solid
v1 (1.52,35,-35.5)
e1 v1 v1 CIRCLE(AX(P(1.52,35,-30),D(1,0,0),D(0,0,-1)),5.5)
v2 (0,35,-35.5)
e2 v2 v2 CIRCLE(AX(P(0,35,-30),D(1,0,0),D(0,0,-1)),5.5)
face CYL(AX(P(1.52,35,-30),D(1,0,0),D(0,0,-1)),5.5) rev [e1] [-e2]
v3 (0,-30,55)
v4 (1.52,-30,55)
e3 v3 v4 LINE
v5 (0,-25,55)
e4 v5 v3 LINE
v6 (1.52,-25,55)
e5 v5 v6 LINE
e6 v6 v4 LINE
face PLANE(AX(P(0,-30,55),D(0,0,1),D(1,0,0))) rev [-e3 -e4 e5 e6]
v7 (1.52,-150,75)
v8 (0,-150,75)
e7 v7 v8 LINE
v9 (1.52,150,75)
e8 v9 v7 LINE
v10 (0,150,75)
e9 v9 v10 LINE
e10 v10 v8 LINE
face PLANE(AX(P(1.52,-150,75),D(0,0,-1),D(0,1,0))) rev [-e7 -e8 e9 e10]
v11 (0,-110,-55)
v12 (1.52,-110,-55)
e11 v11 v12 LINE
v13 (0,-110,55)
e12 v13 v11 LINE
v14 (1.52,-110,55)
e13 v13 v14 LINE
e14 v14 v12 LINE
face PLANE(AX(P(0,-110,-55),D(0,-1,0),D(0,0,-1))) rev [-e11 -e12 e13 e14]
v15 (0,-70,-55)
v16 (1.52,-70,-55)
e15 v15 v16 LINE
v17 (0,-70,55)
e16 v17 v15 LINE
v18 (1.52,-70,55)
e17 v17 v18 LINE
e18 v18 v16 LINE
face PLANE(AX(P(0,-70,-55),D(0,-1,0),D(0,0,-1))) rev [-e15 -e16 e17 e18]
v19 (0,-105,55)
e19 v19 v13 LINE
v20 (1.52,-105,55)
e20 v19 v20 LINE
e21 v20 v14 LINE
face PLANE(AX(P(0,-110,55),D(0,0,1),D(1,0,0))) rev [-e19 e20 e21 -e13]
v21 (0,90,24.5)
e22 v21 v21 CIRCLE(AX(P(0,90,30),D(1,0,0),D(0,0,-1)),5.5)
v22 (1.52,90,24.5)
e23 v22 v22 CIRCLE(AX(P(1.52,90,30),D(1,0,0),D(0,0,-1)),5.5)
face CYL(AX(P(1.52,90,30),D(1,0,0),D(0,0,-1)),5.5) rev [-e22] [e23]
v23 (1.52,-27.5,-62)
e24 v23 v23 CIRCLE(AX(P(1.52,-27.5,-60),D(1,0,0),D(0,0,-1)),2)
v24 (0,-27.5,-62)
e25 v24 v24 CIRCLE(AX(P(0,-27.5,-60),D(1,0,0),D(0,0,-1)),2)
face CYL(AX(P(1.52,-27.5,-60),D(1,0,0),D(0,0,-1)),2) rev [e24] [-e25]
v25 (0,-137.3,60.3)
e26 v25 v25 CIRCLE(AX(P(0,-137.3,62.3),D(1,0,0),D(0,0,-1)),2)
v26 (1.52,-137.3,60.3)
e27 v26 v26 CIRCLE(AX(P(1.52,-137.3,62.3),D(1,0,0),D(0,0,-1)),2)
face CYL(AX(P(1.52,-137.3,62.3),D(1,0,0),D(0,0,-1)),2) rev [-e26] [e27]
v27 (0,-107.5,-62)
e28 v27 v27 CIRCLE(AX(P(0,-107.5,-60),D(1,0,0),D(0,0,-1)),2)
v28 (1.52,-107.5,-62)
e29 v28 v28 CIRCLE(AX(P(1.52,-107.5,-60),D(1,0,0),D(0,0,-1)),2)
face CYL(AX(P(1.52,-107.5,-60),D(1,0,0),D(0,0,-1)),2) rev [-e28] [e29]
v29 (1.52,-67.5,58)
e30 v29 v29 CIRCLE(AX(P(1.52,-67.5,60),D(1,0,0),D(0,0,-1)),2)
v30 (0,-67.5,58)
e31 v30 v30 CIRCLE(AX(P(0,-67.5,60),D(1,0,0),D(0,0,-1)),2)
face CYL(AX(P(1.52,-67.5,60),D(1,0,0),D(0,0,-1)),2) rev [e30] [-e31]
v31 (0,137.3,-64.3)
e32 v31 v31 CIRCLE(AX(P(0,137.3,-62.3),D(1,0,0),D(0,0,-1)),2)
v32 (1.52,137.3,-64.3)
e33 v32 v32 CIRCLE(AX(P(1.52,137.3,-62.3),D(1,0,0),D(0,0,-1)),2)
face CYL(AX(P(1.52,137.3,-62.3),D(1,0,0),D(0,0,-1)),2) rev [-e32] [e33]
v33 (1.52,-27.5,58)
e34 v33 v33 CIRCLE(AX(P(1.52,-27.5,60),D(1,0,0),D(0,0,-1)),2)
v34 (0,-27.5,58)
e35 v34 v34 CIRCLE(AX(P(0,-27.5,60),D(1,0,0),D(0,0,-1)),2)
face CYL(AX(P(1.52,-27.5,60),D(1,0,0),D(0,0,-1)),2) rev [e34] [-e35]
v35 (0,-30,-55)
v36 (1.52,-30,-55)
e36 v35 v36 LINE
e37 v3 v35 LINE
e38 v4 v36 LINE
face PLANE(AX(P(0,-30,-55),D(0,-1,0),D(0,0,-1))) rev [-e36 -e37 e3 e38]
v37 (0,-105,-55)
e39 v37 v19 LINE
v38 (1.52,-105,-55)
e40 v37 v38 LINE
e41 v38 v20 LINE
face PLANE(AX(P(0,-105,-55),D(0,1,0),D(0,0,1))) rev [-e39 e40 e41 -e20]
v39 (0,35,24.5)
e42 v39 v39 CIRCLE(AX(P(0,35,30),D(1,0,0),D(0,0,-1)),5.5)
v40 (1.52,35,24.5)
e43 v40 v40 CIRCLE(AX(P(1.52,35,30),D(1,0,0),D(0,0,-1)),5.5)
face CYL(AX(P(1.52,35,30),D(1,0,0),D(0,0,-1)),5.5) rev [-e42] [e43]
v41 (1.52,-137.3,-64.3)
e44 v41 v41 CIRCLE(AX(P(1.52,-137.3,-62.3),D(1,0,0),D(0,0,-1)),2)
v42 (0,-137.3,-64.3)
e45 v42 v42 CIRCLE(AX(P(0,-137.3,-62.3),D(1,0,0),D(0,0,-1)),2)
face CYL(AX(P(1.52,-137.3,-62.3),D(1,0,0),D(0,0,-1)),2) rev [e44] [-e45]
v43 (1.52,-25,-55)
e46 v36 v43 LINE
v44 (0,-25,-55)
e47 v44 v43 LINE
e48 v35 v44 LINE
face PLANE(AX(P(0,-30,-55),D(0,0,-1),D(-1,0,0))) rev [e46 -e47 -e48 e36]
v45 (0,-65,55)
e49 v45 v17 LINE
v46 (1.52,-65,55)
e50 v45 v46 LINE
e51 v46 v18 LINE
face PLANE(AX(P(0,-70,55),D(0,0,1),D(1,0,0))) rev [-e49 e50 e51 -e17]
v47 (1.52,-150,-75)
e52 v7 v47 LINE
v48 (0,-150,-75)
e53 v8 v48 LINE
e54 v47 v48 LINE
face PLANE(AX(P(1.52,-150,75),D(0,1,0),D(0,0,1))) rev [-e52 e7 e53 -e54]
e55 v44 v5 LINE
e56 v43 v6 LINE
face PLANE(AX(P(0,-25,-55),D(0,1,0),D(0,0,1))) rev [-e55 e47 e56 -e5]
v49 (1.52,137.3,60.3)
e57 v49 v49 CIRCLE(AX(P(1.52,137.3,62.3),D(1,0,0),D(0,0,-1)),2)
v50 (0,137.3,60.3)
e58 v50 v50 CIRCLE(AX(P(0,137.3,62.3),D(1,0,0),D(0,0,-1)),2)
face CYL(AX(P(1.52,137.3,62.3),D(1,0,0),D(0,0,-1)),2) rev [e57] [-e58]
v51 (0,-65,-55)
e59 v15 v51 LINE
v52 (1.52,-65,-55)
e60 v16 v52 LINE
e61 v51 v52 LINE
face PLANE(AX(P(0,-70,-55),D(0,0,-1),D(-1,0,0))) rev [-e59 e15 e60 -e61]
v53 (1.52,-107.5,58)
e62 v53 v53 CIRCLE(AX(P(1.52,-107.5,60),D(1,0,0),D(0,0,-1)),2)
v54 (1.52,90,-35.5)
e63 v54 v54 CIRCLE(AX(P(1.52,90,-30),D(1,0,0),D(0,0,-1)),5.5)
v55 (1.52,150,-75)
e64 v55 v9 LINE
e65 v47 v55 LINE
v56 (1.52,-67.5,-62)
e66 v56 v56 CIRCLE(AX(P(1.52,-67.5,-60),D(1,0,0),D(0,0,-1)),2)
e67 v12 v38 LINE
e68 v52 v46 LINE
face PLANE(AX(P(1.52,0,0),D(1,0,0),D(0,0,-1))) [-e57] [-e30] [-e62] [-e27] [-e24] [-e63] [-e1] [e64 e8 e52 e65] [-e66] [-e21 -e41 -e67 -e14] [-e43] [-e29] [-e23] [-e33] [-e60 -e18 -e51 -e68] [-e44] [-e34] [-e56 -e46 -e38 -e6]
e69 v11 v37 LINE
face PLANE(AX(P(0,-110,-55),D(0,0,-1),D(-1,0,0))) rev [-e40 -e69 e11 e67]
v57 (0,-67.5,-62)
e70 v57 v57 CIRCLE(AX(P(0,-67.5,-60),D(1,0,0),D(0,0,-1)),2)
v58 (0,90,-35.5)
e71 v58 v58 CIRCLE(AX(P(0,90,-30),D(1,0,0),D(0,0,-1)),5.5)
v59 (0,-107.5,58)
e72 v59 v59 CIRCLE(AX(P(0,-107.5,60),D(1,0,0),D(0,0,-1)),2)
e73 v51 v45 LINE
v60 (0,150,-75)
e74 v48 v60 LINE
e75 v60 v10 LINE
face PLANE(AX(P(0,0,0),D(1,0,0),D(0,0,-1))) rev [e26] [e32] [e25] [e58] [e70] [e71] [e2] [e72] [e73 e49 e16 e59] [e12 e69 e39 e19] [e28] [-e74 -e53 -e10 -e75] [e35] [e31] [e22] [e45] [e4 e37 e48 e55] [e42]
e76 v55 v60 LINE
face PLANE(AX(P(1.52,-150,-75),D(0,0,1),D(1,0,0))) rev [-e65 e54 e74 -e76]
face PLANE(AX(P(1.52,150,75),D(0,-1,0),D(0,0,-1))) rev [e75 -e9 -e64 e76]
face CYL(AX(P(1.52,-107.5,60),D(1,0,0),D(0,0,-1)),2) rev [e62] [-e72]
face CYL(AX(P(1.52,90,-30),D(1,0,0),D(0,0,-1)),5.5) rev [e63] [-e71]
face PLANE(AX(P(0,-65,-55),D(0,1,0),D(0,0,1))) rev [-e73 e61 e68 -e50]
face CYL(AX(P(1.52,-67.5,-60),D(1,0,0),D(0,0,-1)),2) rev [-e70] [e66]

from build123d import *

# Parameters (mm, degrees)
SKETCH1_W                            = 300
SKETCH1_H                            = 150
BOSS_EXTRUDE1_DEPTH                  = 1.52
F_4_0_4_DIAMETER_HOLE1_D             = 4
MIRROR2_AT_THE_SECOND_PLANE_COPY_1_D = 4
SKETCH14_W                           = 5
SKETCH14_H                           = 110
CUT_EXTRUDE2_DEPTH                   = 168.711986453
F_4_0_4_DIAMETER_HOLE2_D             = 4
SKETCH22_W                           = 5
SKETCH22_H                           = 110
CUT_EXTRUDE3_DEPTH                   = 168.711986453
SKETCH23_W                           = 5
SKETCH23_H                           = 110
CUT_EXTRUDE4_DEPTH                   = 168.711986453
F_4_0_4_DIAMETER_HOLE3_D             = 4
F_4_0_4_DIAMETER_HOLE4_D             = 4
F_11_0_11_DIAMETER_HOLE1_D           = 11


with BuildPart() as part:
    # Sketch1 → Boss-Extrude1 (new body)
    with BuildSketch(Plane.YZ):
        Rectangle(SKETCH1_W, SKETCH1_H)
    extrude(amount=BOSS_EXTRUDE1_DEPTH)

    # Ø4.0 (4) Diameter Hole1 (through all)
    with Locations(Plane.YZ.offset(1.52)):
        with Locations((-137.3, 62.3)):
            f_4_0_4_diameter_hole1 = Hole(F_4_0_4_DIAMETER_HOLE1_D / 2)

    # Mirror2: Ø4.0 (4) Diameter Hole1 across plane
    add(f_4_0_4_diameter_hole1.mirror(Plane.ZX), mode=Mode.SUBTRACT)

    # Mirror2 at the second plane: Ø4.0 (4) Diameter Hole1 across plane
    add(f_4_0_4_diameter_hole1.mirror(Plane.XY), mode=Mode.SUBTRACT)

    # Mirror2 at the second plane copy 1 (through all)
    with Locations(Plane(origin=(1.52, 0, 0), x_dir=(0, -1, 0), z_dir=(1, 0, 0))):
        with Locations((-137.3, 62.3)):
            Hole(MIRROR2_AT_THE_SECOND_PLANE_COPY_1_D / 2)

    # Sketch14 → Cut-Extrude2 (cut, through all)
    with BuildSketch(Plane.YZ.offset(1.52)):
        with Locations((-107.5, 0)):
            Rectangle(SKETCH14_W, SKETCH14_H)
    extrude(amount=-CUT_EXTRUDE2_DEPTH, mode=Mode.SUBTRACT)

    # Ø4.0 (4) Diameter Hole2 (through all)
    with Locations(Plane.YZ.offset(1.52)):
        with Locations((-107.5, 60)):
            f_4_0_4_diameter_hole2 = Hole(F_4_0_4_DIAMETER_HOLE2_D / 2)

    # Mirror4: Ø4.0 (4) Diameter Hole2 across plane
    add(f_4_0_4_diameter_hole2.mirror(Plane.XY), mode=Mode.SUBTRACT)

    # Sketch22 → Cut-Extrude3 (cut, through all)
    with BuildSketch(Plane.YZ.offset(1.52)):
        with Locations((-67.5, 0)):
            Rectangle(SKETCH22_W, SKETCH22_H)
    extrude(amount=-CUT_EXTRUDE3_DEPTH, mode=Mode.SUBTRACT)

    # Sketch23 → Cut-Extrude4 (cut, through all)
    with BuildSketch(Plane.YZ.offset(1.52)):
        with Locations((-27.5, 0)):
            Rectangle(SKETCH23_W, SKETCH23_H)
    extrude(amount=-CUT_EXTRUDE4_DEPTH, mode=Mode.SUBTRACT)

    # Ø4.0 (4) Diameter Hole3 (through all)
    with Locations(Plane.YZ.offset(1.52)):
        with Locations((-67.5, 60)):
            f_4_0_4_diameter_hole3 = Hole(F_4_0_4_DIAMETER_HOLE3_D / 2)

    # Mirror5: Ø4.0 (4) Diameter Hole3 across plane
    add(f_4_0_4_diameter_hole3.mirror(Plane.XY), mode=Mode.SUBTRACT)

    # Ø4.0 (4) Diameter Hole4 (through all)
    with Locations(Plane.YZ.offset(1.52)):
        with Locations((-27.5, 60)):
            f_4_0_4_diameter_hole4 = Hole(F_4_0_4_DIAMETER_HOLE4_D / 2)

    # Mirror6: Ø4.0 (4) Diameter Hole4 across plane
    add(f_4_0_4_diameter_hole4.mirror(Plane.XY), mode=Mode.SUBTRACT)

    # Ø11.0 (11) Diameter Hole1 (through all)
    with Locations(Plane.YZ.offset(1.52)):
        with Locations((35, 30), (90, 30)):
            f_11_0_11_diameter_hole1 = Hole(F_11_0_11_DIAMETER_HOLE1_D / 2)

    # Mirror7: Ø11.0 (11) Diameter Hole1 across plane
    add(f_11_0_11_diameter_hole1.mirror(Plane.XY), mode=Mode.SUBTRACT)


solid = part.part
